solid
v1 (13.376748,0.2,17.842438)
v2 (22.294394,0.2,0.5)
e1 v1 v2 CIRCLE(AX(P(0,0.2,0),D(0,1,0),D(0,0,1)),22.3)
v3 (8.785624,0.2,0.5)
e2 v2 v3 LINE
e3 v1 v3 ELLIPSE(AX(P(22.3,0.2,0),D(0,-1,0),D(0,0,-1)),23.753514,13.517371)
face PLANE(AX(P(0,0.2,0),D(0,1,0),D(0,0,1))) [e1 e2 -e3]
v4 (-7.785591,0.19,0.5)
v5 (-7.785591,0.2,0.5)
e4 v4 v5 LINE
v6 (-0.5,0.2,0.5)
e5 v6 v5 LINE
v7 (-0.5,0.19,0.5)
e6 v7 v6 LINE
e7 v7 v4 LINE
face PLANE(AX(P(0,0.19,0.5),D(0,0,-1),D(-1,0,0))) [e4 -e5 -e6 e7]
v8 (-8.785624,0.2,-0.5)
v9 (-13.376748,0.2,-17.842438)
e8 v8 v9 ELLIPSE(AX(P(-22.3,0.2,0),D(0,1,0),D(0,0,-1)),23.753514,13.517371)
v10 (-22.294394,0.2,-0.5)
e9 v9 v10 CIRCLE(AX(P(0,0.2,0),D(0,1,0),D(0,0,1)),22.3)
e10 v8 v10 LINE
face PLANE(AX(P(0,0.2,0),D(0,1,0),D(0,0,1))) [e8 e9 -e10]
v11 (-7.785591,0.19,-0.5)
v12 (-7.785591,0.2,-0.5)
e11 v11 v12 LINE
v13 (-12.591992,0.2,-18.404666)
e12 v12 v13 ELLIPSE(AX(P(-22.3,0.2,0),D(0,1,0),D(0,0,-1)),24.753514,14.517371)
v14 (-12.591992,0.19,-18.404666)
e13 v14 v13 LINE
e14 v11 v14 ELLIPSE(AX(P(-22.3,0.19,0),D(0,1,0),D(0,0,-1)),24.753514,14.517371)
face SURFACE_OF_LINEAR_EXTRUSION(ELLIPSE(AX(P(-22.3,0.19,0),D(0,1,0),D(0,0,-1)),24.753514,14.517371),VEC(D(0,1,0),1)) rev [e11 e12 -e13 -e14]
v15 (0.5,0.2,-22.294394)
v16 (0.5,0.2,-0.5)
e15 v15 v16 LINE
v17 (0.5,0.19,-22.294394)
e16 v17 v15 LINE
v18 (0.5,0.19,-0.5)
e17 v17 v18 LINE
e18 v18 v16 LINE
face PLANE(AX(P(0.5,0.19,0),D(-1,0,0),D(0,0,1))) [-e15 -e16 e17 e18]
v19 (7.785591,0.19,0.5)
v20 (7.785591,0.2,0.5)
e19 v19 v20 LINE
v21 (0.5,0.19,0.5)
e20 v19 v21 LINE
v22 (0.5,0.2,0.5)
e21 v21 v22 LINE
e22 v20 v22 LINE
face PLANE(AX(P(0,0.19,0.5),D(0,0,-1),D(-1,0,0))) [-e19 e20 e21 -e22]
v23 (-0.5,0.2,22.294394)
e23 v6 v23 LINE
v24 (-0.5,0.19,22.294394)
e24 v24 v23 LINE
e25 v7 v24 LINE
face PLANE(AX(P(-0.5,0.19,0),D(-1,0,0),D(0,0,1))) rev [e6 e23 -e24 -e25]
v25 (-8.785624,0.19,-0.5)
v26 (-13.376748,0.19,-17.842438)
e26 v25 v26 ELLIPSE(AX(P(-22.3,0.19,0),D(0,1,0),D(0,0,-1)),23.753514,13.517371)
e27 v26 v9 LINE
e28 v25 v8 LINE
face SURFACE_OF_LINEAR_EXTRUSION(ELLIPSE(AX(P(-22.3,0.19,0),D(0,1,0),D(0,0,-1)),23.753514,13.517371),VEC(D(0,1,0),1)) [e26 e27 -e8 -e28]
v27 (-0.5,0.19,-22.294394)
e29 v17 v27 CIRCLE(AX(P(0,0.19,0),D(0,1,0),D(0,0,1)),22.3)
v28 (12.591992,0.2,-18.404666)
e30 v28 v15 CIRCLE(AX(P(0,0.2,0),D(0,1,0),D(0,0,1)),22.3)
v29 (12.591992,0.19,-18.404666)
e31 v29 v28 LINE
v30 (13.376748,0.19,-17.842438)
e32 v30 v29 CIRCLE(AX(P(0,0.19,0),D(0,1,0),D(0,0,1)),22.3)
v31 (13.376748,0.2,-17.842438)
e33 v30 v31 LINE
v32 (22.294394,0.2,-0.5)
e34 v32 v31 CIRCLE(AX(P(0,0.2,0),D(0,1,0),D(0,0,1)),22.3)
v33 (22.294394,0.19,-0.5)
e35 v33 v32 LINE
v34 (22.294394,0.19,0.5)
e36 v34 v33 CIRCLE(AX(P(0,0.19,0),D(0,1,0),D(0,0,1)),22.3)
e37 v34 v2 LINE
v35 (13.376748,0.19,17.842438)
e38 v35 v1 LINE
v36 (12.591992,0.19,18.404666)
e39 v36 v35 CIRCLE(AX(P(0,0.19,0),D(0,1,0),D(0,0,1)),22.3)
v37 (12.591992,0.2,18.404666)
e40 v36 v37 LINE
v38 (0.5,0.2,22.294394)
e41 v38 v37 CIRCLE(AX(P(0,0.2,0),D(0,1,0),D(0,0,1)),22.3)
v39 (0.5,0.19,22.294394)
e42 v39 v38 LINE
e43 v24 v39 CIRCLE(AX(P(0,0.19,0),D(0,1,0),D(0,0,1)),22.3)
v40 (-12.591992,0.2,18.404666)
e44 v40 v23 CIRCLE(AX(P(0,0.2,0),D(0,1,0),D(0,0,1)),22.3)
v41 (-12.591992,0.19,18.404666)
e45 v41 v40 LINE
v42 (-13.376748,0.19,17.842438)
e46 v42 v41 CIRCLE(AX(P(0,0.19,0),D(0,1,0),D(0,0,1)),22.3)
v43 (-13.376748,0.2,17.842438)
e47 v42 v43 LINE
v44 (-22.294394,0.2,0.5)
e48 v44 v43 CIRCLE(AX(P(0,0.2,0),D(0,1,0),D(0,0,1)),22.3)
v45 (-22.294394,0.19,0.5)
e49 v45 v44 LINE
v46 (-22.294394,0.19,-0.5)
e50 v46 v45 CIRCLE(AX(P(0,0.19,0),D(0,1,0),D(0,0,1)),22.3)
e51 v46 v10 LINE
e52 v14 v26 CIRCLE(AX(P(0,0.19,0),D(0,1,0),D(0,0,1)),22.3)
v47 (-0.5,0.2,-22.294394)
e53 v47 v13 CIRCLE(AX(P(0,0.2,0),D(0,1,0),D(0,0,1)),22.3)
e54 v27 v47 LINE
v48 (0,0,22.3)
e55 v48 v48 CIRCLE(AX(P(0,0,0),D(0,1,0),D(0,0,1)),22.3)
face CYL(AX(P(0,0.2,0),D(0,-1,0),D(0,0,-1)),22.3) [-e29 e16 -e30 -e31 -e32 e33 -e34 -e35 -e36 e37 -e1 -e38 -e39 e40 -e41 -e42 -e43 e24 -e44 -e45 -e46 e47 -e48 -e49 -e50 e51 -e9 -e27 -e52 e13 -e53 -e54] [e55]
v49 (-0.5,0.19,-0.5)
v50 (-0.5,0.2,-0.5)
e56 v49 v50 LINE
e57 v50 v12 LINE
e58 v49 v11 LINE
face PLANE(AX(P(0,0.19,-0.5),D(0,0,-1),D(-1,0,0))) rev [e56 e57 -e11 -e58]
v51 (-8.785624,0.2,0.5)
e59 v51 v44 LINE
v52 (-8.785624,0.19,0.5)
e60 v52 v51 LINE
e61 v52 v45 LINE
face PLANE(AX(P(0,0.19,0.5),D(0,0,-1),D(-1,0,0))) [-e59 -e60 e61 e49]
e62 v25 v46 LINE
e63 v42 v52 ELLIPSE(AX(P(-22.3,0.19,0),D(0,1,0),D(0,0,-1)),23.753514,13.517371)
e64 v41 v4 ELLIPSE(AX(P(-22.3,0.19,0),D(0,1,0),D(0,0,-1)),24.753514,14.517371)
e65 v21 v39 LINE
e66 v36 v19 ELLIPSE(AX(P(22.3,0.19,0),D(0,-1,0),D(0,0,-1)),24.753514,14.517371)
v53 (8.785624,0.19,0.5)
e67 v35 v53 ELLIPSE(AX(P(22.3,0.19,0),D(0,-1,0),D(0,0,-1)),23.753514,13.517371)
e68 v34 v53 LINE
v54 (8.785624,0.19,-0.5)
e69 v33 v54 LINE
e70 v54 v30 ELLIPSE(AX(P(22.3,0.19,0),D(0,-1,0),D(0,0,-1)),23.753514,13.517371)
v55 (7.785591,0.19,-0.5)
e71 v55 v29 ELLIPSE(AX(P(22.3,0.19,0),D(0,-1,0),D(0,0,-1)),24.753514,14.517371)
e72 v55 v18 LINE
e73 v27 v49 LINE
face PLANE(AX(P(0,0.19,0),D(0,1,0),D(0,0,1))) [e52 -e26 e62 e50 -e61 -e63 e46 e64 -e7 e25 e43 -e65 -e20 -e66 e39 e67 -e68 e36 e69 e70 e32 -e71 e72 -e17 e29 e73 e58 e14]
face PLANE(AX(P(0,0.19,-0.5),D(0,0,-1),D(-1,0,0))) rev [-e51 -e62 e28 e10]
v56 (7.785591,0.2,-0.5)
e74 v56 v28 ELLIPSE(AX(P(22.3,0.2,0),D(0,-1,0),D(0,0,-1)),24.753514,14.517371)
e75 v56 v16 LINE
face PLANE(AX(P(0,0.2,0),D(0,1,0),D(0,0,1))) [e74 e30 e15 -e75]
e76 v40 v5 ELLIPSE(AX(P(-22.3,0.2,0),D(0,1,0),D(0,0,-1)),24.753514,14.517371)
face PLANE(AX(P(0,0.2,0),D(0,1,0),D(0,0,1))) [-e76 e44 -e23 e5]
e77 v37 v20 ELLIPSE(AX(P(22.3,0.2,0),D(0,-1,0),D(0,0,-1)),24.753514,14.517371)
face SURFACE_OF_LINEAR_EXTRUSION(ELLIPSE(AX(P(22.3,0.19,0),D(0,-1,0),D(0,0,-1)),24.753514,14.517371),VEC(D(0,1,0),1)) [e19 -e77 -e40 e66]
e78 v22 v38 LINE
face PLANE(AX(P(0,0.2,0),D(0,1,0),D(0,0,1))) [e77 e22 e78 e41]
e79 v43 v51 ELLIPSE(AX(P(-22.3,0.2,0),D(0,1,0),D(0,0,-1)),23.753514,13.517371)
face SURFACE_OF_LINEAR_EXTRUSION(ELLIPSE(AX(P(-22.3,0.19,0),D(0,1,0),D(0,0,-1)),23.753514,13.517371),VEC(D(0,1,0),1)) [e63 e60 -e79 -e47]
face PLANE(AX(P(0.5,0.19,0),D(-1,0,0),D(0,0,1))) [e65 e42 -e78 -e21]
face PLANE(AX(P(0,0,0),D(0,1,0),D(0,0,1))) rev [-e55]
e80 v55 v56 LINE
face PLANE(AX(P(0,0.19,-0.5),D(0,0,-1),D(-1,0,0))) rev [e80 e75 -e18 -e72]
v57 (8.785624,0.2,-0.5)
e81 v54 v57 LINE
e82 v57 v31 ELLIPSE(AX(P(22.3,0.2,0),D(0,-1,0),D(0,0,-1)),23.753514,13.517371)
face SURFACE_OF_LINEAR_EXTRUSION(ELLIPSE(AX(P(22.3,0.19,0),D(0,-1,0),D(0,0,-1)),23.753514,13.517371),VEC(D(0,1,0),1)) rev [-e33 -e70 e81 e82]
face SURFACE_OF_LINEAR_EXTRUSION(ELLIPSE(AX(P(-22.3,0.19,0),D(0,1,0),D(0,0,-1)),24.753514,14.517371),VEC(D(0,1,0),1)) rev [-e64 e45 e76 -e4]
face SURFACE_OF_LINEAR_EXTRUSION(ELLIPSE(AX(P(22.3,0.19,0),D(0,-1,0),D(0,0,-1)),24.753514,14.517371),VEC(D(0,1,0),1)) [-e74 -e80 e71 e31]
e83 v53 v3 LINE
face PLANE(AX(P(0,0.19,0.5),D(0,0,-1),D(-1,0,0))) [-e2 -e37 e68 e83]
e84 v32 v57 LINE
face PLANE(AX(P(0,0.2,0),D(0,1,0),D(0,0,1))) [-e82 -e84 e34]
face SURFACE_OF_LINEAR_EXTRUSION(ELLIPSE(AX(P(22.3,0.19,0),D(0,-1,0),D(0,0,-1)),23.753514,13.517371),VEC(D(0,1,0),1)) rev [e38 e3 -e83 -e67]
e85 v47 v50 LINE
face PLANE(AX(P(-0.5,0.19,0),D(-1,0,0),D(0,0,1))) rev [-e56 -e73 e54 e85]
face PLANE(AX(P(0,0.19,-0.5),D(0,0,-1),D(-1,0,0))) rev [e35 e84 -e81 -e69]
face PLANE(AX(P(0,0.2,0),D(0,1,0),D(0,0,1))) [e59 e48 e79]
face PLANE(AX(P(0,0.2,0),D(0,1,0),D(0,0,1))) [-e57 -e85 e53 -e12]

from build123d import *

# Parameters (mm, degrees)
SKETCH1_R           = 22.3
BOSS_EXTRUDE1_DEPTH = 0.2
CUT_EXTRUDE1_START  = -0.01
SKETCH2_W           = 1
SKETCH2_H           = 1
CUT_EXTRUDE1_DEPTH  = 0.01


with BuildPart() as part:
    # Sketch1 → Boss-Extrude1 (new body)
    with BuildSketch(Plane(origin=(0, 0, 0), x_dir=(1, 0, 0), z_dir=(0, 1, 0))):
        with Locations(Location((0, 0, 0), (0, 0, 270))):
            Circle(SKETCH1_R)
    extrude(amount=BOSS_EXTRUDE1_DEPTH)

    # Sketch2 → Cut-Extrude1 (cut)
    with BuildSketch(Plane(origin=(0, 0.2, 0), x_dir=(1, 0, 0), z_dir=(0, 1, 0)).offset(CUT_EXTRUDE1_START)):
        with BuildLine():
            add(Edge.make_bspline(
                [(-7.785590959, 0.5), (-7.912713042, 11.228724898), (-12.591992017, 18.404666176)],
                knots=[4.732589507, 4.732589507, 4.732589507, 5.550703884, 5.550703884, 5.550703884], degree=2, weights=[1, 0.917496228, 1]))
            ThreePointArc((-12.591992017, 18.404666176), (-12.987412835, 18.127799311), (-13.376748201, 17.842438386))
            add(Edge.make_bspline(
                [(-8.785624057, 0.5), (-8.910774379, 10.945499623), (-13.376748201, 17.842438386)],
                knots=[4.733440053, 4.733440053, 4.733440053, 5.562190564, 5.562190564, 5.562190564], degree=2, weights=[1, 0.915368033, 1]))
            Line((-8.785624057, 0.5), (-7.785590959, 0.5))
        make_face()
        with BuildLine():
            add(Edge.make_bspline(
                [(-12.591992017, -18.404666176), (-7.912713042, -11.228724898), (-7.785590959, -0.5)],
                knots=[3.874074076, 3.874074076, 3.874074076, 4.692188454, 4.692188454, 4.692188454], degree=2, weights=[1, 0.917496228, 1]))
            Line((-7.785590959, -0.5), (-8.785624057, -0.5))
            add(Edge.make_bspline(
                [(-13.376748201, -17.842438386), (-8.910774379, -10.945499623), (-8.785624057, -0.5)],
                knots=[3.862587397, 3.862587397, 3.862587397, 4.691337908, 4.691337908, 4.691337908], degree=2, weights=[1, 0.915368033, 1]))
            ThreePointArc((-13.376748201, -17.842438386), (-12.987412835, -18.127799311), (-12.591992017, -18.404666176))
        make_face()
        with BuildLine():
            Line((8.785624057, -0.5), (7.785590959, -0.5))
            add(Edge.make_bspline(
                [(7.785590959, -0.5), (7.912713042, -11.228724898), (12.591992017, -18.404666176)],
                knots=[1.590996853, 1.590996853, 1.590996853, 2.409111231, 2.409111231, 2.409111231], degree=2, weights=[1, 0.917496228, 1]))
            ThreePointArc((12.591992017, -18.404666176), (12.987412835, -18.127799311), (13.376748201, -17.842438386))
            add(Edge.make_bspline(
                [(8.785624057, -0.5), (8.910774379, -10.945499623), (13.376748201, -17.842438386)],
                knots=[1.591847399, 1.591847399, 1.591847399, 2.42059791, 2.42059791, 2.42059791], degree=2, weights=[1, 0.915368033, 1]))
        make_face()
        with BuildLine():
            ThreePointArc((13.376748201, 17.842438386), (12.987412835, 18.127799311), (12.591992017, 18.404666176))
            add(Edge.make_bspline(
                [(12.591992017, 18.404666176), (7.912713042, 11.228724898), (7.785590959, 0.5)],
                knots=[0.732481423, 0.732481423, 0.732481423, 1.5505958, 1.5505958, 1.5505958], degree=2, weights=[1, 0.917496228, 1]))
            Line((7.785590959, 0.5), (8.785624057, 0.5))
            add(Edge.make_bspline(
                [(13.376748201, 17.842438386), (8.910774379, 10.945499623), (8.785624057, 0.5)],
                knots=[0.720994743, 0.720994743, 0.720994743, 1.549745255, 1.549745255, 1.549745255], degree=2, weights=[1, 0.915368033, 1]))
        make_face()
        with BuildLine():
            Line((22.294393914, 0.5), (8.785624057, 0.5))
            add(Edge.make_bspline(
                [(8.785624057, 0.5), (8.779633423, 0), (8.785624057, -0.5)],
                knots=[1.549745255, 1.549745255, 1.549745255, 1.591847399, 1.591847399, 1.591847399], degree=2, weights=[1, 0.999778434, 1]))
            Line((8.785624057, -0.5), (22.294393914, -0.5))
            ThreePointArc((22.294393914, -0.5), (22.298598434, -0.250015714), (22.3, 0))
            ThreePointArc((22.3, 0), (22.298598434, 0.250015714), (22.294393914, 0.5))
        make_face()
        with BuildLine():
            Line((8.785624057, 0.5), (7.785590959, 0.5))
            add(Edge.make_bspline(
                [(7.785590959, 0.5), (7.779666579, 0), (7.785590959, -0.5)],
                knots=[1.5505958, 1.5505958, 1.5505958, 1.590996853, 1.590996853, 1.590996853], degree=2, weights=[1, 0.999795976, 1]))
            Line((7.785590959, -0.5), (8.785624057, -0.5))
            add(Edge.make_bspline(
                [(8.785624057, 0.5), (8.779633423, 0), (8.785624057, -0.5)],
                knots=[1.549745255, 1.549745255, 1.549745255, 1.591847399, 1.591847399, 1.591847399], degree=2, weights=[1, 0.999778434, 1]))
        make_face()
        with BuildLine():
            Line((7.785590959, 0.5), (0.5, 0.5))
            Line((0.5, 0.5), (0.5, -0.5))
            Line((0.5, -0.5), (7.785590959, -0.5))
            add(Edge.make_bspline(
                [(7.785590959, 0.5), (7.779666579, 0), (7.785590959, -0.5)],
                knots=[1.5505958, 1.5505958, 1.5505958, 1.590996853, 1.590996853, 1.590996853], degree=2, weights=[1, 0.999795976, 1]))
        make_face()
        Rectangle(SKETCH2_W, SKETCH2_H)
        with BuildLine():
            Line((0.5, -22.294393914), (0.5, -0.5))
            Line((0.5, -0.5), (-0.5, -0.5))
            Line((-0.5, -0.5), (-0.5, -22.294393914))
            ThreePointArc((-0.5, -22.294393914), (0, -22.3), (0.5, -22.294393914))
        make_face()
        with BuildLine():
            Line((0.5, 0.5), (0.5, 22.294393914))
            ThreePointArc((0.5, 22.294393914), (0, 22.3), (-0.5, 22.294393914))
            Line((-0.5, 22.294393914), (-0.5, 0.5))
            Line((-0.5, 0.5), (0.5, 0.5))
        make_face()
        with BuildLine():
            Line((-0.5, -0.5), (-0.5, 0.5))
            Line((-0.5, 0.5), (-7.785590959, 0.5))
            add(Edge.make_bspline(
                [(-7.785590959, -0.5), (-7.779666579, 0), (-7.785590959, 0.5)],
                knots=[4.692188454, 4.692188454, 4.692188454, 4.732589507, 4.732589507, 4.732589507], degree=2, weights=[1, 0.999795976, 1]))
            Line((-7.785590959, -0.5), (-0.5, -0.5))
        make_face()
        with BuildLine():
            add(Edge.make_bspline(
                [(-7.785590959, -0.5), (-7.779666579, 0), (-7.785590959, 0.5)],
                knots=[4.692188454, 4.692188454, 4.692188454, 4.732589507, 4.732589507, 4.732589507], degree=2, weights=[1, 0.999795976, 1]))
            Line((-7.785590959, 0.5), (-8.785624057, 0.5))
            add(Edge.make_bspline(
                [(-8.785624057, -0.5), (-8.779633423, 0), (-8.785624057, 0.5)],
                knots=[4.691337908, 4.691337908, 4.691337908, 4.733440053, 4.733440053, 4.733440053], degree=2, weights=[1, 0.999778434, 1]))
            Line((-8.785624057, -0.5), (-7.785590959, -0.5))
        make_face()
        with BuildLine():
            add(Edge.make_bspline(
                [(-8.785624057, -0.5), (-8.779633423, 0), (-8.785624057, 0.5)],
                knots=[4.691337908, 4.691337908, 4.691337908, 4.733440053, 4.733440053, 4.733440053], degree=2, weights=[1, 0.999778434, 1]))
            Line((-8.785624057, 0.5), (-22.294393914, 0.5))
            ThreePointArc((-22.294393914, 0.5), (-22.3, 0), (-22.294393914, -0.5))
            Line((-22.294393914, -0.5), (-8.785624057, -0.5))
        make_face()
    extrude(amount=CUT_EXTRUDE1_DEPTH, mode=Mode.SUBTRACT)


solid = part.part
